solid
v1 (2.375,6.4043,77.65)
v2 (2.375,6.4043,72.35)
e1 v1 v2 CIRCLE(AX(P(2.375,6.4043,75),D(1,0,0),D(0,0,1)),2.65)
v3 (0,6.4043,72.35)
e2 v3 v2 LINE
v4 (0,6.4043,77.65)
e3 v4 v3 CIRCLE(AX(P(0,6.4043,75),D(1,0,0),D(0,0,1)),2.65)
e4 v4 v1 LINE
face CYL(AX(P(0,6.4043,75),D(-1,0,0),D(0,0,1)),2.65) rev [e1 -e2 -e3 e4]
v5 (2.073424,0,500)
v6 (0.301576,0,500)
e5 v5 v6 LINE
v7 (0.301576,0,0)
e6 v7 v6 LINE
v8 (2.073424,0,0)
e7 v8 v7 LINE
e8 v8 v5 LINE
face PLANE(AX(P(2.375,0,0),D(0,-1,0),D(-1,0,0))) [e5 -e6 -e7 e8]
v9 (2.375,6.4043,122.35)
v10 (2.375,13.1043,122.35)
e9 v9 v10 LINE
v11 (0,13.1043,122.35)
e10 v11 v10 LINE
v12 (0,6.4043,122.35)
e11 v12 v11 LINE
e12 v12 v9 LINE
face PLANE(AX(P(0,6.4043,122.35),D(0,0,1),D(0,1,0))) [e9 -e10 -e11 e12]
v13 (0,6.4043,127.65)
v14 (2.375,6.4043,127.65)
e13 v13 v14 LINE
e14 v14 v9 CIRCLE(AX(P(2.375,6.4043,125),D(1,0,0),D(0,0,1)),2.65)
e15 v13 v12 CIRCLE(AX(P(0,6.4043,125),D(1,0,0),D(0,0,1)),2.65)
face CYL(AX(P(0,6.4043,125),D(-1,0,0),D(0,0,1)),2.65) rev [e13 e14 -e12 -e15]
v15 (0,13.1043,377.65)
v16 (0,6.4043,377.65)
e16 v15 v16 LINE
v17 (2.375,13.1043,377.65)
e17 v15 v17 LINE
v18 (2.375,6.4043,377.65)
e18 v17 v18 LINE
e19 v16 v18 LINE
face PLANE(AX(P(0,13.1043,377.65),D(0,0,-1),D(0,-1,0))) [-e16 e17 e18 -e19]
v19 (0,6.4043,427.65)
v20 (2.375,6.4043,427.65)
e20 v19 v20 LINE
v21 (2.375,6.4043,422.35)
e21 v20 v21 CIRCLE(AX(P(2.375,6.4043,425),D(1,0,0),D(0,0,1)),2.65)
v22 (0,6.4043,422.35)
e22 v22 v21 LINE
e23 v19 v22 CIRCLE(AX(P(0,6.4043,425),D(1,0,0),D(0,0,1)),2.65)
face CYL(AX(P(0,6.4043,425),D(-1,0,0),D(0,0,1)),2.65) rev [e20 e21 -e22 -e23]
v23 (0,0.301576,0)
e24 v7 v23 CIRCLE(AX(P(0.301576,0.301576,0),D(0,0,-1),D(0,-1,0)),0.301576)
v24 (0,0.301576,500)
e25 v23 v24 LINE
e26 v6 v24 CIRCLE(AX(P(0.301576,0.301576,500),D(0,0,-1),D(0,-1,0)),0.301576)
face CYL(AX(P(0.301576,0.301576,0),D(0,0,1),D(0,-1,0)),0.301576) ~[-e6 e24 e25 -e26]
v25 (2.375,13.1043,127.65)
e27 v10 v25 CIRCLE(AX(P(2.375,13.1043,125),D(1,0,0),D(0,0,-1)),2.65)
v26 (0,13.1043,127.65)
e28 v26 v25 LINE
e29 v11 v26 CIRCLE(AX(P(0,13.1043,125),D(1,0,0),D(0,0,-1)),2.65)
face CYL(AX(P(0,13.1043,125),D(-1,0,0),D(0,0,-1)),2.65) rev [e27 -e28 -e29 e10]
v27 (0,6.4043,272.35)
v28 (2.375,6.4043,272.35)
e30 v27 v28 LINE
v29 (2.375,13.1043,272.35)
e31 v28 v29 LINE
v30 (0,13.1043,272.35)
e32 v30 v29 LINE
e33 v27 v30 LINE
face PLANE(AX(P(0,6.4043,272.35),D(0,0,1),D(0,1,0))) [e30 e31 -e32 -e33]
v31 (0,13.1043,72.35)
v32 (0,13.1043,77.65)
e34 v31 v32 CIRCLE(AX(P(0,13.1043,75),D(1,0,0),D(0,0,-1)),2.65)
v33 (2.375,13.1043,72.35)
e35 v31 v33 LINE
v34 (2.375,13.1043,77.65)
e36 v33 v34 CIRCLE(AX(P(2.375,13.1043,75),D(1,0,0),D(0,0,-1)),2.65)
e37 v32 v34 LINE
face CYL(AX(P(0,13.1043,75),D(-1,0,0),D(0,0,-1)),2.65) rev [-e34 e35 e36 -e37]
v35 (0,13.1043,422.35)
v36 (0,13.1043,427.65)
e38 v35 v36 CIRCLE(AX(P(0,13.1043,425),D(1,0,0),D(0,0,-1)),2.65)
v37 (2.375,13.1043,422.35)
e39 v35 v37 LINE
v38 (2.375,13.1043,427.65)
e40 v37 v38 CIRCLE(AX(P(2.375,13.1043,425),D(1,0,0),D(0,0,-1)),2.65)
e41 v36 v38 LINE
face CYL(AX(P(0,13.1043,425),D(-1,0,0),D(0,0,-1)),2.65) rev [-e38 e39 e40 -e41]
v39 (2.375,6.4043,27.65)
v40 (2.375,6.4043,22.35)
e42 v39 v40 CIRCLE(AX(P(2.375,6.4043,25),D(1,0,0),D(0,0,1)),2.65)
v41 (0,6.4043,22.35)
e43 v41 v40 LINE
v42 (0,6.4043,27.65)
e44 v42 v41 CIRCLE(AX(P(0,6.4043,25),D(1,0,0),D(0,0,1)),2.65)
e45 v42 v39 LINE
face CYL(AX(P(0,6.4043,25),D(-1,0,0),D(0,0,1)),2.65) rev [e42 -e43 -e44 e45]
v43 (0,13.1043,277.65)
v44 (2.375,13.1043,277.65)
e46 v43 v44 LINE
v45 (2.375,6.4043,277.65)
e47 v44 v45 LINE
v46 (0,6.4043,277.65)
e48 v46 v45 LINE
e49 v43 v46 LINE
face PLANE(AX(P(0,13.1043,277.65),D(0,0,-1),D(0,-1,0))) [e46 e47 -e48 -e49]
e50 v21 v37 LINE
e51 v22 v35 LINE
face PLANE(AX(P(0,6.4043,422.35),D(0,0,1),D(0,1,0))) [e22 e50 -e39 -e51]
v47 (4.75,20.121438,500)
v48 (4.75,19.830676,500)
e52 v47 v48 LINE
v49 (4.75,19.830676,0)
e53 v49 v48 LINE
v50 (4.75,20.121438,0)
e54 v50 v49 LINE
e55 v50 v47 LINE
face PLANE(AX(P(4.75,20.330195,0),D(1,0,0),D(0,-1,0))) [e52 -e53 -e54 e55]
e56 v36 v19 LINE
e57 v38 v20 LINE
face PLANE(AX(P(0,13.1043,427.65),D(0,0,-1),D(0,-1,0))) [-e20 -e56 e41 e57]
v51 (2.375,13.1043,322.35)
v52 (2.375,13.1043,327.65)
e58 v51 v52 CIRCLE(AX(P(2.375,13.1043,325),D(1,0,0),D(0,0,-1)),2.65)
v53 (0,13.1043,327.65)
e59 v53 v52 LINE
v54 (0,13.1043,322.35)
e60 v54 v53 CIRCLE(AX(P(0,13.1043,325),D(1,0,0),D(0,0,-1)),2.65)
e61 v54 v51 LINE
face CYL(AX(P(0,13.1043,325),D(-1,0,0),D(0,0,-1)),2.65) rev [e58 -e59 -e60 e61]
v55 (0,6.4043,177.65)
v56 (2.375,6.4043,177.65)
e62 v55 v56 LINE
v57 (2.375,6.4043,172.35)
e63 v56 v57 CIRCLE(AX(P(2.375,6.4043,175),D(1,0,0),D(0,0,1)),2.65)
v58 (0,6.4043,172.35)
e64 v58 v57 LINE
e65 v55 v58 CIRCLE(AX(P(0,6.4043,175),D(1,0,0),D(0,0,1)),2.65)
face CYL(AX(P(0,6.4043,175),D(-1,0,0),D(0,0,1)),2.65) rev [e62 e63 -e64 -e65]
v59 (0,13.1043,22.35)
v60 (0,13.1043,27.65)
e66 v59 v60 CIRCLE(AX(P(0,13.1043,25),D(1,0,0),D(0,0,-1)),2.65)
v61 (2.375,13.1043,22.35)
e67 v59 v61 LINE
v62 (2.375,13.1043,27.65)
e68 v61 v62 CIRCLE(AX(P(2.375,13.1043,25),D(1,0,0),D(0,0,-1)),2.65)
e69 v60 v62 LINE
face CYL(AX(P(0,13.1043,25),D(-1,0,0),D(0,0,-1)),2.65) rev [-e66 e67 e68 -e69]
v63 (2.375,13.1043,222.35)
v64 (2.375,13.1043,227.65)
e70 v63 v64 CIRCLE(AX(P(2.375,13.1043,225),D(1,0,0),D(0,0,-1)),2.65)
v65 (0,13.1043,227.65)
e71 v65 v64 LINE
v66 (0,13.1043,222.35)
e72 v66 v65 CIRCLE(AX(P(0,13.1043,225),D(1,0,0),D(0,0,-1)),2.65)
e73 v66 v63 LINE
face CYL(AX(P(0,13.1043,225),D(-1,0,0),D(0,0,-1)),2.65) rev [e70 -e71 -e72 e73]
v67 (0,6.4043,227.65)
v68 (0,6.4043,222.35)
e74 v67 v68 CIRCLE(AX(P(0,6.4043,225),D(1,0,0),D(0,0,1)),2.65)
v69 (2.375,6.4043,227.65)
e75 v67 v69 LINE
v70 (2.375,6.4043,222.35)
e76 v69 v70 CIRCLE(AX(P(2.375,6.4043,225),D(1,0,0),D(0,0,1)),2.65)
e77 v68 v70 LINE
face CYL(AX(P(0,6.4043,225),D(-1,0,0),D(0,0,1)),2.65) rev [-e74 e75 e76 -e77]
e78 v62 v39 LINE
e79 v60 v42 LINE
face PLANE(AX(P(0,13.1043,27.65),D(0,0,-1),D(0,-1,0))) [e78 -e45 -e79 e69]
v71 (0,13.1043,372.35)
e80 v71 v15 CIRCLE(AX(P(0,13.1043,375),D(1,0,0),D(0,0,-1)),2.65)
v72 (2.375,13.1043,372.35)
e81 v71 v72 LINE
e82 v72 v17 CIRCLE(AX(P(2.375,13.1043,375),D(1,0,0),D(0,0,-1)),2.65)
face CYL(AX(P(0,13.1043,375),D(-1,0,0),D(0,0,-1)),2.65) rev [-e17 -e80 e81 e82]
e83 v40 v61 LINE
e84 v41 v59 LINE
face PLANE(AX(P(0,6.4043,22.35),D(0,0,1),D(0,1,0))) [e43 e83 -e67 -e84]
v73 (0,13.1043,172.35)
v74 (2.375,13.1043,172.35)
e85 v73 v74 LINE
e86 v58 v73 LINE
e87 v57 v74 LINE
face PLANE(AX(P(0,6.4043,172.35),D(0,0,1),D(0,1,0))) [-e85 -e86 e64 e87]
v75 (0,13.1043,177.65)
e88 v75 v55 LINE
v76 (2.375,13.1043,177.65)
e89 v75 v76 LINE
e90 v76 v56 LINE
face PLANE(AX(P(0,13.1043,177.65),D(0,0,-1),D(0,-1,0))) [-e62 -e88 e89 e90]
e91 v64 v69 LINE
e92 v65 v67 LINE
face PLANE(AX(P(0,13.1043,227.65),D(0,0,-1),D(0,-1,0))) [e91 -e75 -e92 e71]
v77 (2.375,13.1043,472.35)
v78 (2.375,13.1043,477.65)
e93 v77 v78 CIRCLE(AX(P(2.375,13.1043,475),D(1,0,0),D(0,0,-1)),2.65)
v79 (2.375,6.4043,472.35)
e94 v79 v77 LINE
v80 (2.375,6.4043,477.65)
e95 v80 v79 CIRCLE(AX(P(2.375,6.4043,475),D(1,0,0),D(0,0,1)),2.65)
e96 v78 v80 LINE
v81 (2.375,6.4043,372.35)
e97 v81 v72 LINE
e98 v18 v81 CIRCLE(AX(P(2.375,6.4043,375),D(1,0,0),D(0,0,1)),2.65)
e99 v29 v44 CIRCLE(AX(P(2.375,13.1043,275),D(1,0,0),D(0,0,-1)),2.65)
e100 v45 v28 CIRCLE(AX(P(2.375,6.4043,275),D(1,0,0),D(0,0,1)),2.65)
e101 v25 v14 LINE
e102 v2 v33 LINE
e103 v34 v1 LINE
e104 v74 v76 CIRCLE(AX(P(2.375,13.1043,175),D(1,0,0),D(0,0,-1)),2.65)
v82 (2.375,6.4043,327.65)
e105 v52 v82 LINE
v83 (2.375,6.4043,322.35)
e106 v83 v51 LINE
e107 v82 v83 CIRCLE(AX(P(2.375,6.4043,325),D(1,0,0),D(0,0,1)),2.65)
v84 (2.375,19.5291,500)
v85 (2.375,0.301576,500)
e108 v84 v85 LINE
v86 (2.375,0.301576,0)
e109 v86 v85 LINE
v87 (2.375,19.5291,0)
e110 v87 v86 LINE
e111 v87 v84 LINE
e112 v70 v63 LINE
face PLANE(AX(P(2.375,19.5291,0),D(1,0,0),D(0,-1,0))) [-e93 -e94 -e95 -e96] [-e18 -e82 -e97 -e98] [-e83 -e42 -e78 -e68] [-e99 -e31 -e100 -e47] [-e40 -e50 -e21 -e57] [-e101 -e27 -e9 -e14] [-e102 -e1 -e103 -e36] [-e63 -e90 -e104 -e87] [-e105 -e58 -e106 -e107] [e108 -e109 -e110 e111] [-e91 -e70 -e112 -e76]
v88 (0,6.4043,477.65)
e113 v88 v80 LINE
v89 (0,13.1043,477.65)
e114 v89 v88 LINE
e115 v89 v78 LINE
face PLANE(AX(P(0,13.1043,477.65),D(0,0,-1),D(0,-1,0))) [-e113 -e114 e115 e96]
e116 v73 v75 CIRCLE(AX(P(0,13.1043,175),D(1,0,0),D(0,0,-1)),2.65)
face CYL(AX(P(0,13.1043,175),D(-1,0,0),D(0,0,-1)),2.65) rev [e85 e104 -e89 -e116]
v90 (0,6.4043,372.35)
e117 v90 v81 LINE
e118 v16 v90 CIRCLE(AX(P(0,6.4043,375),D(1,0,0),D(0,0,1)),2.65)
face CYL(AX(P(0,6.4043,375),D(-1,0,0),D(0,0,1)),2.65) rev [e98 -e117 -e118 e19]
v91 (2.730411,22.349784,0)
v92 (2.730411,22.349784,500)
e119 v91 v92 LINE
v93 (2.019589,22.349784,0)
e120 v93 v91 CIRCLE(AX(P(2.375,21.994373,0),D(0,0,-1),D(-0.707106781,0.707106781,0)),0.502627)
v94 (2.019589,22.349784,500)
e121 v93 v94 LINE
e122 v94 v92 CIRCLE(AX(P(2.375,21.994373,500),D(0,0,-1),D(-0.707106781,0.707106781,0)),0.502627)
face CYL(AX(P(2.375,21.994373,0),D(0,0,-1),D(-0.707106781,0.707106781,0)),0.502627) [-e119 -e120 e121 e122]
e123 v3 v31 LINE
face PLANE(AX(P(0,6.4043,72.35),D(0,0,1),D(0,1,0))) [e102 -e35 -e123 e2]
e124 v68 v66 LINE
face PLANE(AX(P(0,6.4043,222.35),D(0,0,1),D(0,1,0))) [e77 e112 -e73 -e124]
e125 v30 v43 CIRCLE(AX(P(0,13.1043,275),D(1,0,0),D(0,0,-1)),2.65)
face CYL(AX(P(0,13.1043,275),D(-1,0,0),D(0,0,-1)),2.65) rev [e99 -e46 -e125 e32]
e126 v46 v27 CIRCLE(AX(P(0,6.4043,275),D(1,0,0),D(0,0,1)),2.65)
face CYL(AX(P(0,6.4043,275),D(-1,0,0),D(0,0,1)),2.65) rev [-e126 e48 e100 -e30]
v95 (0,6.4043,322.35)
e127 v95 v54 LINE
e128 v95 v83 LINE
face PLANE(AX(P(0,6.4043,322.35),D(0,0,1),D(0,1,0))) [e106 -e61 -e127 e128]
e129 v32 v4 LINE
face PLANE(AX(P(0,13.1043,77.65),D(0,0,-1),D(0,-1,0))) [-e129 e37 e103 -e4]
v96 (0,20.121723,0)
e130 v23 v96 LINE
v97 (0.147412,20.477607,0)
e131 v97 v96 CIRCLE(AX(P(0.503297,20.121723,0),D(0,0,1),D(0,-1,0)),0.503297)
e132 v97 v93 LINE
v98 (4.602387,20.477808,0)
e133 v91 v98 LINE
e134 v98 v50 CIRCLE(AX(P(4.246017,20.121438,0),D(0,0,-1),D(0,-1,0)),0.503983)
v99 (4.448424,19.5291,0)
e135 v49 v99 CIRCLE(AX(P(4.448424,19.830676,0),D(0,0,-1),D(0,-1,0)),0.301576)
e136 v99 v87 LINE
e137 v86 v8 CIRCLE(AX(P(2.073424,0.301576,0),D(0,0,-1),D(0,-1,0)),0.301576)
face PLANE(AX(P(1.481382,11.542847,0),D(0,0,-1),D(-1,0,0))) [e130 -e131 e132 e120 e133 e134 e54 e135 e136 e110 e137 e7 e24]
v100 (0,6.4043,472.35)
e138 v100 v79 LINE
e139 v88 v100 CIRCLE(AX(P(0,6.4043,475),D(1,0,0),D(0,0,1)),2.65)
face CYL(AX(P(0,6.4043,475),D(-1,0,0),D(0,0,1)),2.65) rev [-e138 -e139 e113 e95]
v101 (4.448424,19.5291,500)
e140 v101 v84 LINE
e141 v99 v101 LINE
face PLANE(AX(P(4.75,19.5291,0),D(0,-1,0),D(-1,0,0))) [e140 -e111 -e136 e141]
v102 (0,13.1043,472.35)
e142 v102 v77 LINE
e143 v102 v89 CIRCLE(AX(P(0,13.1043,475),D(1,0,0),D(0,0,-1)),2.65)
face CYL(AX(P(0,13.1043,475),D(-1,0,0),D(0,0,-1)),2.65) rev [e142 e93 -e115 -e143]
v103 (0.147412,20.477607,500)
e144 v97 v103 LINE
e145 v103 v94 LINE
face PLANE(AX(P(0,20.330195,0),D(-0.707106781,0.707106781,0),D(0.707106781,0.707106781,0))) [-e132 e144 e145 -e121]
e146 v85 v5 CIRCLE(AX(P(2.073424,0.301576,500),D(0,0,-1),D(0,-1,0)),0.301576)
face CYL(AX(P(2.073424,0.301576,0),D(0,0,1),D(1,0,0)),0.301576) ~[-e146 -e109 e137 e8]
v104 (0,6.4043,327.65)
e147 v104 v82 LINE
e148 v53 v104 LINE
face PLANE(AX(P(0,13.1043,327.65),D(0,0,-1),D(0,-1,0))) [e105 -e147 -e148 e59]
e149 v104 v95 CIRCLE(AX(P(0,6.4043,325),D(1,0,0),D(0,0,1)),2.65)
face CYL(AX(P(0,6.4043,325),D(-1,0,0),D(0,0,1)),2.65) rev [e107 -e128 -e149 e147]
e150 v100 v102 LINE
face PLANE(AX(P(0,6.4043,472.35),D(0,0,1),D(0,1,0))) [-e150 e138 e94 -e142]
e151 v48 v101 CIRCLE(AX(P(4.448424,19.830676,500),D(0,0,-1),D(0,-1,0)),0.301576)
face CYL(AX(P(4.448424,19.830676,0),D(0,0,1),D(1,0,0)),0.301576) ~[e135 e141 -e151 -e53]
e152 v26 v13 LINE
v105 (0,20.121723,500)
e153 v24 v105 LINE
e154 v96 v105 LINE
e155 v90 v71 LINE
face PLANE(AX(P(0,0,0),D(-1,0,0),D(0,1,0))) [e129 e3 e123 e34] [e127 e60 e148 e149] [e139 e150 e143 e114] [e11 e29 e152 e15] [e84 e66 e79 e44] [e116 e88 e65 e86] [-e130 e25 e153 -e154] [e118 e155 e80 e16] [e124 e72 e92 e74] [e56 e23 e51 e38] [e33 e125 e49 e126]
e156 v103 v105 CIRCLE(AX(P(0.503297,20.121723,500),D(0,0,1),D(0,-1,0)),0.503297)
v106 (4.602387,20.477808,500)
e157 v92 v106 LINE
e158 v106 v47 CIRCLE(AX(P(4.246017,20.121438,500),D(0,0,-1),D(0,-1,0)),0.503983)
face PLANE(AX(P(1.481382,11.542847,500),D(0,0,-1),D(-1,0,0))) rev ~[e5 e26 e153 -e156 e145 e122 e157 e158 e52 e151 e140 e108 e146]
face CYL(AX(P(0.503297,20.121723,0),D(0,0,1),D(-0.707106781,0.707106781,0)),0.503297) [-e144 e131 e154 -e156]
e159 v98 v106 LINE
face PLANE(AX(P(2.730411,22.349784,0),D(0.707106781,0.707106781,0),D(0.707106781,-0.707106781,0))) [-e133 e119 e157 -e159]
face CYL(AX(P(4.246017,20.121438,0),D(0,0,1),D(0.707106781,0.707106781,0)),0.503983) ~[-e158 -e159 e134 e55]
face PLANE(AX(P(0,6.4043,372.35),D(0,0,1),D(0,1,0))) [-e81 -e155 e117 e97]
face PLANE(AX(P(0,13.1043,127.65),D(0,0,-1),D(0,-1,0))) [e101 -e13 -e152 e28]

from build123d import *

# Parameters (mm, degrees)
BOSS_EXTRUDE1_DEPTH = 500
FILLET1_R           = 0.50329666
FILLET2_R           = 0.50398302
FILLET3_R           = 0.30157619
FILLET4_R           = 0.30157551
CUT_EXTRUDE1_DEPTH  = 2.375
LPATTERN1_COUNT     = 10
LPATTERN1_PITCH     = 50


with BuildPart() as part:
    # Sketch1 → Boss-Extrude1 (new body)
    with BuildSketch(Plane.XY):
        with BuildLine():
            Line((0, 20.330194912), (2.019589054, 22.349783966))
            ThreePointArc((2.019589054, 22.349783966), (2.375, 22.497), (2.730410946, 22.349783966))
            Line((2.730410946, 22.349783966), (4.75, 20.330194912))
            Line((4.75, 20.330194912), (4.75, 19.5291))
            Line((4.75, 19.5291), (2.375, 19.5291))
            Line((2.375, 19.5291), (2.375, 0))
            Line((2.375, 0), (0, 0))
            Line((0, 0), (0, 20.330194912))
        make_face()
    extrude(amount=BOSS_EXTRUDE1_DEPTH)

    # Fillet1
    fillet1_edges = [part.edges().sort_by_distance(p)[0] for p in [
        (0, 20.330194912, 250),
    ]]
    fillet(fillet1_edges, radius=FILLET1_R)

    # Fillet2
    fillet2_edges = [part.edges().sort_by_distance(p)[0] for p in [
        (4.75, 20.330194912, 250),
    ]]
    fillet(fillet2_edges, radius=FILLET2_R)

    # Fillet3
    fillet3_edges = [part.edges().sort_by_distance(p)[0] for p in [
        (4.75, 19.5291, 250),
    ]]
    fillet(fillet3_edges, radius=FILLET3_R)

    # Fillet4
    fillet4_edges = [part.edges().sort_by_distance(p)[0] for p in [
        (2.375, 0, 250),
        (0, 0, 250),
    ]]
    fillet(fillet4_edges, radius=FILLET4_R)

    # Sketch2 → Cut-Extrude1 (cut)
    with BuildSketch(Plane.ZY):
        with BuildLine():
            Line((27.65, 13.1043), (27.65, 6.4043))
            ThreePointArc((27.65, 6.4043), (25, 3.7543), (22.35, 6.4043))
            Line((22.35, 6.4043), (22.35, 13.1043))
            ThreePointArc((22.35, 13.1043), (25, 15.7543), (27.65, 13.1043))
        make_face()
    cut_extrude1 = extrude(amount=-CUT_EXTRUDE1_DEPTH, mode=Mode.SUBTRACT)

    # LPattern1: Cut-Extrude1 ×10
    with Locations(*[(0, 0, i * LPATTERN1_PITCH) for i in range(1, LPATTERN1_COUNT)]):
        add(cut_extrude1, mode=Mode.SUBTRACT)


solid = part.part
